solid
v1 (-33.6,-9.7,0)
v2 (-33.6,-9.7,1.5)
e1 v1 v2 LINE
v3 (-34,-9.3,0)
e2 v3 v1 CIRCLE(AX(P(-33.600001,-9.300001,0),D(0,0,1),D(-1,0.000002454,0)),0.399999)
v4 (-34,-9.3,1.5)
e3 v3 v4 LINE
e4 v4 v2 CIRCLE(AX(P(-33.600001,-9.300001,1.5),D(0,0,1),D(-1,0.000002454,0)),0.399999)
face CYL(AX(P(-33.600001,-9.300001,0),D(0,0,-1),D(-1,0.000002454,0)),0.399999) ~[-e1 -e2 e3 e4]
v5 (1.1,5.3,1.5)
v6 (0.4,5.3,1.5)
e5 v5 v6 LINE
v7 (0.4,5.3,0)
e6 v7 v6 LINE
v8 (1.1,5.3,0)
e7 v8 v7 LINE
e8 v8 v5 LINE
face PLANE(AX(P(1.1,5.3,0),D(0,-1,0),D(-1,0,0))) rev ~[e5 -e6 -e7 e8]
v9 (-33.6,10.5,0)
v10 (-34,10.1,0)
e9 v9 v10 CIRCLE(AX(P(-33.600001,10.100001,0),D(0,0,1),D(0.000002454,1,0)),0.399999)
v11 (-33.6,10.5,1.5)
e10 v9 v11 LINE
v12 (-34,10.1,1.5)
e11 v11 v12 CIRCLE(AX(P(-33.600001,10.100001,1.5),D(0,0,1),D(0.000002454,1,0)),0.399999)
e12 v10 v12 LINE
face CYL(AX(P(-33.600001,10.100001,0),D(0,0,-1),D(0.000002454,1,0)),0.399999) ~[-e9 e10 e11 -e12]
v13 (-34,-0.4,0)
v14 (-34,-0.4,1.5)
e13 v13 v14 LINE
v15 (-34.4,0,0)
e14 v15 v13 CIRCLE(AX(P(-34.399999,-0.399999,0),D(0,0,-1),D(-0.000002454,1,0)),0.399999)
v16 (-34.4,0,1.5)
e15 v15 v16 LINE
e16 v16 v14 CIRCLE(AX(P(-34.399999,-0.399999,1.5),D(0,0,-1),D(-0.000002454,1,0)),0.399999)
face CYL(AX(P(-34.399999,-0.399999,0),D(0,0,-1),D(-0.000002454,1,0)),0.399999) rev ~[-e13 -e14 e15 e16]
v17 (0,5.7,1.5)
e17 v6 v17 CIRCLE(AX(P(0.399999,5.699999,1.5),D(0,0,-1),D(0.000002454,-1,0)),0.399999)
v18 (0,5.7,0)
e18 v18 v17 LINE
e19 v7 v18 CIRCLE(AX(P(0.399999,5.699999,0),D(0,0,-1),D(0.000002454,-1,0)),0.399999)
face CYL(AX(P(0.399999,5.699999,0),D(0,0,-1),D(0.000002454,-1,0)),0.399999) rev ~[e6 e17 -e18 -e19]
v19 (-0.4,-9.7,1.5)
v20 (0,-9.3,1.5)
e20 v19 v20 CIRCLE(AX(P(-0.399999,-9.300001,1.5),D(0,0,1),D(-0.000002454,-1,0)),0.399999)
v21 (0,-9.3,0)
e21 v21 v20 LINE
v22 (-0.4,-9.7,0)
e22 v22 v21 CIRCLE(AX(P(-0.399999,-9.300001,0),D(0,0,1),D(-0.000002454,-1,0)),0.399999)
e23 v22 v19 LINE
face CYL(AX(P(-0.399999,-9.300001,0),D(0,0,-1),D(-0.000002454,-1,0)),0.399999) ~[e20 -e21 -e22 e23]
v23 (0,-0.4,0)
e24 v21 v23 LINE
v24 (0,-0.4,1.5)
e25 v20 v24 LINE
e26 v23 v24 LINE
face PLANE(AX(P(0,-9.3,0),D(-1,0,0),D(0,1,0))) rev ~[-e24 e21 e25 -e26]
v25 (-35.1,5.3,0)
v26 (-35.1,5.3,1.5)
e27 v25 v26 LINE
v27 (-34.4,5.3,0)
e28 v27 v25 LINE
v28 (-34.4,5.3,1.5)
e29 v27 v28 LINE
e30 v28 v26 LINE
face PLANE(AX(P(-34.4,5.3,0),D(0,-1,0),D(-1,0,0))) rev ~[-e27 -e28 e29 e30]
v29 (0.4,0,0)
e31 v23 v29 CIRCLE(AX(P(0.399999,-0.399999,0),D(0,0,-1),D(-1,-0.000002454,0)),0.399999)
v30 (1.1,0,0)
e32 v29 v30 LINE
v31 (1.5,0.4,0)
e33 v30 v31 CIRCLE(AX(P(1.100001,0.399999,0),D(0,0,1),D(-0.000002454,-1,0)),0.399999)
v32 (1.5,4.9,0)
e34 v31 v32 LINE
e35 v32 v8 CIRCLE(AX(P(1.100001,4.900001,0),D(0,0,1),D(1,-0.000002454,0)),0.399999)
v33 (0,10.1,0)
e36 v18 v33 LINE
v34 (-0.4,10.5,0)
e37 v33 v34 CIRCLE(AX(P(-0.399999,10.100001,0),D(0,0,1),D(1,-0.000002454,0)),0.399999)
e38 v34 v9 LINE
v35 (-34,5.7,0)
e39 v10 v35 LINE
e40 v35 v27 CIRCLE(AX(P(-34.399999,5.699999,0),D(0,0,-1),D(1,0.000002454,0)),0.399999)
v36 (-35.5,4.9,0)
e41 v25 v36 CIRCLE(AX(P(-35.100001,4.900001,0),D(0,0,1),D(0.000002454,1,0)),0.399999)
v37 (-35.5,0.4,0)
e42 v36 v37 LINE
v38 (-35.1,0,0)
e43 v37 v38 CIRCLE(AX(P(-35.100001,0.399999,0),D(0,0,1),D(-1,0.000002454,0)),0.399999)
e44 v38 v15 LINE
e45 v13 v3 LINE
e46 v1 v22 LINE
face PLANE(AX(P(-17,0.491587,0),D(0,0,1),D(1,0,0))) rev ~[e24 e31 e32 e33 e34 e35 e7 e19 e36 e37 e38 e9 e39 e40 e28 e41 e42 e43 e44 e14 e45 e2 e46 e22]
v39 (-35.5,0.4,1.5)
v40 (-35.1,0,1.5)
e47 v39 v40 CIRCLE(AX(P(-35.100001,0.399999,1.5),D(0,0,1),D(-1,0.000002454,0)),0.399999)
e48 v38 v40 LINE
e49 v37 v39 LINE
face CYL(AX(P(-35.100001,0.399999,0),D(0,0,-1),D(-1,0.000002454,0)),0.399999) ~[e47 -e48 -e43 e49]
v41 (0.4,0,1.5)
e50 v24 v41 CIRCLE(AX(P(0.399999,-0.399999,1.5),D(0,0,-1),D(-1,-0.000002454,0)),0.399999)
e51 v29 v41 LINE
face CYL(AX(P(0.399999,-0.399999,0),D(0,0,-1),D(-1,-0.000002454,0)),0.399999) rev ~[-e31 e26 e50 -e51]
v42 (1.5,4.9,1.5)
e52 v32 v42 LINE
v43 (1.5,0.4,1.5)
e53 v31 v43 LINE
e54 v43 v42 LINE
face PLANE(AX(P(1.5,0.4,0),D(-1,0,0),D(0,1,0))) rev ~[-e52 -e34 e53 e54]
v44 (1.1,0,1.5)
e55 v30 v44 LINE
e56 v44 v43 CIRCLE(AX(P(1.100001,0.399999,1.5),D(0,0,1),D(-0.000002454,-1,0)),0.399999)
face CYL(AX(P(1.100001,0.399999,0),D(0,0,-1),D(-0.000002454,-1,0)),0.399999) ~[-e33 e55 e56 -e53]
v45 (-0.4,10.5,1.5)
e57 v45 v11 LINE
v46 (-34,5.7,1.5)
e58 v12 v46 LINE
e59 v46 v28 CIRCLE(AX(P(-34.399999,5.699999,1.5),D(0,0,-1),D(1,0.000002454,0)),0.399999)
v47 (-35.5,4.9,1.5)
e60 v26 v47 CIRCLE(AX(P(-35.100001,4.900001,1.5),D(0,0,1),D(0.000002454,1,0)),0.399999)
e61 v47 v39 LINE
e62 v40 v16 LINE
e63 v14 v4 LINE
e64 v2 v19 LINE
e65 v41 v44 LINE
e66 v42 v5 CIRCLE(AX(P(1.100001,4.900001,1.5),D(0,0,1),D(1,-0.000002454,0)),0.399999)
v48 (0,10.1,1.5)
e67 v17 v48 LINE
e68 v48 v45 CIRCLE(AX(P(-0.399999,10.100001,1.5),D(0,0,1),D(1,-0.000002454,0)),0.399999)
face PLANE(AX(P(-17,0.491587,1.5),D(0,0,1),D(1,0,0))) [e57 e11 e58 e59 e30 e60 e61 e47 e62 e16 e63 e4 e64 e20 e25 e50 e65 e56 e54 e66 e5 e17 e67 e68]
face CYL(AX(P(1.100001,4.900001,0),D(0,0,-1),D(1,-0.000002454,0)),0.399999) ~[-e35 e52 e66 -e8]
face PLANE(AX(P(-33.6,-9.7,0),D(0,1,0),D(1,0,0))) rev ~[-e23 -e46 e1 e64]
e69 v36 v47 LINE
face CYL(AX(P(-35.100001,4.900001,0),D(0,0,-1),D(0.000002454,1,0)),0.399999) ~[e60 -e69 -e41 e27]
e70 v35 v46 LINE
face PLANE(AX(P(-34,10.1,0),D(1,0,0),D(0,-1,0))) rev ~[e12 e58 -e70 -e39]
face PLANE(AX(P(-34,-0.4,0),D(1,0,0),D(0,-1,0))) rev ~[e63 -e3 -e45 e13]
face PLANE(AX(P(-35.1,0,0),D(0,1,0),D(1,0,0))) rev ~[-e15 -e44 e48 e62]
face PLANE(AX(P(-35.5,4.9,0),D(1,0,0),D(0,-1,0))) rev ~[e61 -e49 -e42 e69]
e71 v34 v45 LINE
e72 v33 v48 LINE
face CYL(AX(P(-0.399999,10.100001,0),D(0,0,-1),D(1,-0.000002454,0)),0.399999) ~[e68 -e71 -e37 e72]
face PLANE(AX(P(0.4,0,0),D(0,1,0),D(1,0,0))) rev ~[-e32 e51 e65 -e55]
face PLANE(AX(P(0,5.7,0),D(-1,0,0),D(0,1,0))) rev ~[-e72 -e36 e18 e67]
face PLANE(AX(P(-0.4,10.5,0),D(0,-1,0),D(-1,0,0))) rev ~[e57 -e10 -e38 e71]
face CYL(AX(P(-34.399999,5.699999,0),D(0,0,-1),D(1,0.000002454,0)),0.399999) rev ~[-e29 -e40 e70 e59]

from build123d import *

# Parameters (mm, degrees)
F1_DEPTH = 1.5


with BuildPart() as f1:
    # F0 (on Top) → F1 (new body)
    with BuildSketch(Plane.XY):
        with BuildLine():
            Line((0, -9.3), (0, -0.4))
            ThreePointArc((0, -0.4), (0.117157, -0.117157), (0.4, 0))
            Line((0.4, 0), (1.1, 0))
            ThreePointArc((1.1, 0), (1.382843, 0.117157), (1.5, 0.4))
            Line((1.5, 0.4), (1.5, 4.9))
            ThreePointArc((1.5, 4.9), (1.382843, 5.182843), (1.1, 5.3))
            Line((1.1, 5.3), (0.4, 5.3))
            ThreePointArc((0.4, 5.3), (0.117157, 5.417157), (0, 5.7))
            Line((0, 5.7), (0, 10.1))
            ThreePointArc((0, 10.1), (-0.117157, 10.382843), (-0.4, 10.5))
            Line((-0.4, 10.5), (-33.6, 10.5))
            ThreePointArc((-33.6, 10.5), (-33.882843, 10.382843), (-34, 10.1))
            Line((-34, 10.1), (-34, 5.7))
            ThreePointArc((-34, 5.7), (-34.117157, 5.417157), (-34.4, 5.3))
            Line((-34.4, 5.3), (-35.1, 5.3))
            ThreePointArc((-35.1, 5.3), (-35.382843, 5.182843), (-35.5, 4.9))
            Line((-35.5, 4.9), (-35.5, 0.4))
            ThreePointArc((-35.5, 0.4), (-35.382843, 0.117157), (-35.1, 0))
            Line((-35.1, 0), (-34.4, 0))
            ThreePointArc((-34.4, 0), (-34.117157, -0.117157), (-34, -0.4))
            Line((-34, -0.4), (-34, -9.3))
            ThreePointArc((-34, -9.3), (-33.882843, -9.582843), (-33.6, -9.7))
            Line((-33.6, -9.7), (-0.4, -9.7))
            ThreePointArc((-0.4, -9.7), (-0.117157, -9.582843), (0, -9.3))
        make_face()
    extrude(amount=F1_DEPTH)


solid = f1.part
